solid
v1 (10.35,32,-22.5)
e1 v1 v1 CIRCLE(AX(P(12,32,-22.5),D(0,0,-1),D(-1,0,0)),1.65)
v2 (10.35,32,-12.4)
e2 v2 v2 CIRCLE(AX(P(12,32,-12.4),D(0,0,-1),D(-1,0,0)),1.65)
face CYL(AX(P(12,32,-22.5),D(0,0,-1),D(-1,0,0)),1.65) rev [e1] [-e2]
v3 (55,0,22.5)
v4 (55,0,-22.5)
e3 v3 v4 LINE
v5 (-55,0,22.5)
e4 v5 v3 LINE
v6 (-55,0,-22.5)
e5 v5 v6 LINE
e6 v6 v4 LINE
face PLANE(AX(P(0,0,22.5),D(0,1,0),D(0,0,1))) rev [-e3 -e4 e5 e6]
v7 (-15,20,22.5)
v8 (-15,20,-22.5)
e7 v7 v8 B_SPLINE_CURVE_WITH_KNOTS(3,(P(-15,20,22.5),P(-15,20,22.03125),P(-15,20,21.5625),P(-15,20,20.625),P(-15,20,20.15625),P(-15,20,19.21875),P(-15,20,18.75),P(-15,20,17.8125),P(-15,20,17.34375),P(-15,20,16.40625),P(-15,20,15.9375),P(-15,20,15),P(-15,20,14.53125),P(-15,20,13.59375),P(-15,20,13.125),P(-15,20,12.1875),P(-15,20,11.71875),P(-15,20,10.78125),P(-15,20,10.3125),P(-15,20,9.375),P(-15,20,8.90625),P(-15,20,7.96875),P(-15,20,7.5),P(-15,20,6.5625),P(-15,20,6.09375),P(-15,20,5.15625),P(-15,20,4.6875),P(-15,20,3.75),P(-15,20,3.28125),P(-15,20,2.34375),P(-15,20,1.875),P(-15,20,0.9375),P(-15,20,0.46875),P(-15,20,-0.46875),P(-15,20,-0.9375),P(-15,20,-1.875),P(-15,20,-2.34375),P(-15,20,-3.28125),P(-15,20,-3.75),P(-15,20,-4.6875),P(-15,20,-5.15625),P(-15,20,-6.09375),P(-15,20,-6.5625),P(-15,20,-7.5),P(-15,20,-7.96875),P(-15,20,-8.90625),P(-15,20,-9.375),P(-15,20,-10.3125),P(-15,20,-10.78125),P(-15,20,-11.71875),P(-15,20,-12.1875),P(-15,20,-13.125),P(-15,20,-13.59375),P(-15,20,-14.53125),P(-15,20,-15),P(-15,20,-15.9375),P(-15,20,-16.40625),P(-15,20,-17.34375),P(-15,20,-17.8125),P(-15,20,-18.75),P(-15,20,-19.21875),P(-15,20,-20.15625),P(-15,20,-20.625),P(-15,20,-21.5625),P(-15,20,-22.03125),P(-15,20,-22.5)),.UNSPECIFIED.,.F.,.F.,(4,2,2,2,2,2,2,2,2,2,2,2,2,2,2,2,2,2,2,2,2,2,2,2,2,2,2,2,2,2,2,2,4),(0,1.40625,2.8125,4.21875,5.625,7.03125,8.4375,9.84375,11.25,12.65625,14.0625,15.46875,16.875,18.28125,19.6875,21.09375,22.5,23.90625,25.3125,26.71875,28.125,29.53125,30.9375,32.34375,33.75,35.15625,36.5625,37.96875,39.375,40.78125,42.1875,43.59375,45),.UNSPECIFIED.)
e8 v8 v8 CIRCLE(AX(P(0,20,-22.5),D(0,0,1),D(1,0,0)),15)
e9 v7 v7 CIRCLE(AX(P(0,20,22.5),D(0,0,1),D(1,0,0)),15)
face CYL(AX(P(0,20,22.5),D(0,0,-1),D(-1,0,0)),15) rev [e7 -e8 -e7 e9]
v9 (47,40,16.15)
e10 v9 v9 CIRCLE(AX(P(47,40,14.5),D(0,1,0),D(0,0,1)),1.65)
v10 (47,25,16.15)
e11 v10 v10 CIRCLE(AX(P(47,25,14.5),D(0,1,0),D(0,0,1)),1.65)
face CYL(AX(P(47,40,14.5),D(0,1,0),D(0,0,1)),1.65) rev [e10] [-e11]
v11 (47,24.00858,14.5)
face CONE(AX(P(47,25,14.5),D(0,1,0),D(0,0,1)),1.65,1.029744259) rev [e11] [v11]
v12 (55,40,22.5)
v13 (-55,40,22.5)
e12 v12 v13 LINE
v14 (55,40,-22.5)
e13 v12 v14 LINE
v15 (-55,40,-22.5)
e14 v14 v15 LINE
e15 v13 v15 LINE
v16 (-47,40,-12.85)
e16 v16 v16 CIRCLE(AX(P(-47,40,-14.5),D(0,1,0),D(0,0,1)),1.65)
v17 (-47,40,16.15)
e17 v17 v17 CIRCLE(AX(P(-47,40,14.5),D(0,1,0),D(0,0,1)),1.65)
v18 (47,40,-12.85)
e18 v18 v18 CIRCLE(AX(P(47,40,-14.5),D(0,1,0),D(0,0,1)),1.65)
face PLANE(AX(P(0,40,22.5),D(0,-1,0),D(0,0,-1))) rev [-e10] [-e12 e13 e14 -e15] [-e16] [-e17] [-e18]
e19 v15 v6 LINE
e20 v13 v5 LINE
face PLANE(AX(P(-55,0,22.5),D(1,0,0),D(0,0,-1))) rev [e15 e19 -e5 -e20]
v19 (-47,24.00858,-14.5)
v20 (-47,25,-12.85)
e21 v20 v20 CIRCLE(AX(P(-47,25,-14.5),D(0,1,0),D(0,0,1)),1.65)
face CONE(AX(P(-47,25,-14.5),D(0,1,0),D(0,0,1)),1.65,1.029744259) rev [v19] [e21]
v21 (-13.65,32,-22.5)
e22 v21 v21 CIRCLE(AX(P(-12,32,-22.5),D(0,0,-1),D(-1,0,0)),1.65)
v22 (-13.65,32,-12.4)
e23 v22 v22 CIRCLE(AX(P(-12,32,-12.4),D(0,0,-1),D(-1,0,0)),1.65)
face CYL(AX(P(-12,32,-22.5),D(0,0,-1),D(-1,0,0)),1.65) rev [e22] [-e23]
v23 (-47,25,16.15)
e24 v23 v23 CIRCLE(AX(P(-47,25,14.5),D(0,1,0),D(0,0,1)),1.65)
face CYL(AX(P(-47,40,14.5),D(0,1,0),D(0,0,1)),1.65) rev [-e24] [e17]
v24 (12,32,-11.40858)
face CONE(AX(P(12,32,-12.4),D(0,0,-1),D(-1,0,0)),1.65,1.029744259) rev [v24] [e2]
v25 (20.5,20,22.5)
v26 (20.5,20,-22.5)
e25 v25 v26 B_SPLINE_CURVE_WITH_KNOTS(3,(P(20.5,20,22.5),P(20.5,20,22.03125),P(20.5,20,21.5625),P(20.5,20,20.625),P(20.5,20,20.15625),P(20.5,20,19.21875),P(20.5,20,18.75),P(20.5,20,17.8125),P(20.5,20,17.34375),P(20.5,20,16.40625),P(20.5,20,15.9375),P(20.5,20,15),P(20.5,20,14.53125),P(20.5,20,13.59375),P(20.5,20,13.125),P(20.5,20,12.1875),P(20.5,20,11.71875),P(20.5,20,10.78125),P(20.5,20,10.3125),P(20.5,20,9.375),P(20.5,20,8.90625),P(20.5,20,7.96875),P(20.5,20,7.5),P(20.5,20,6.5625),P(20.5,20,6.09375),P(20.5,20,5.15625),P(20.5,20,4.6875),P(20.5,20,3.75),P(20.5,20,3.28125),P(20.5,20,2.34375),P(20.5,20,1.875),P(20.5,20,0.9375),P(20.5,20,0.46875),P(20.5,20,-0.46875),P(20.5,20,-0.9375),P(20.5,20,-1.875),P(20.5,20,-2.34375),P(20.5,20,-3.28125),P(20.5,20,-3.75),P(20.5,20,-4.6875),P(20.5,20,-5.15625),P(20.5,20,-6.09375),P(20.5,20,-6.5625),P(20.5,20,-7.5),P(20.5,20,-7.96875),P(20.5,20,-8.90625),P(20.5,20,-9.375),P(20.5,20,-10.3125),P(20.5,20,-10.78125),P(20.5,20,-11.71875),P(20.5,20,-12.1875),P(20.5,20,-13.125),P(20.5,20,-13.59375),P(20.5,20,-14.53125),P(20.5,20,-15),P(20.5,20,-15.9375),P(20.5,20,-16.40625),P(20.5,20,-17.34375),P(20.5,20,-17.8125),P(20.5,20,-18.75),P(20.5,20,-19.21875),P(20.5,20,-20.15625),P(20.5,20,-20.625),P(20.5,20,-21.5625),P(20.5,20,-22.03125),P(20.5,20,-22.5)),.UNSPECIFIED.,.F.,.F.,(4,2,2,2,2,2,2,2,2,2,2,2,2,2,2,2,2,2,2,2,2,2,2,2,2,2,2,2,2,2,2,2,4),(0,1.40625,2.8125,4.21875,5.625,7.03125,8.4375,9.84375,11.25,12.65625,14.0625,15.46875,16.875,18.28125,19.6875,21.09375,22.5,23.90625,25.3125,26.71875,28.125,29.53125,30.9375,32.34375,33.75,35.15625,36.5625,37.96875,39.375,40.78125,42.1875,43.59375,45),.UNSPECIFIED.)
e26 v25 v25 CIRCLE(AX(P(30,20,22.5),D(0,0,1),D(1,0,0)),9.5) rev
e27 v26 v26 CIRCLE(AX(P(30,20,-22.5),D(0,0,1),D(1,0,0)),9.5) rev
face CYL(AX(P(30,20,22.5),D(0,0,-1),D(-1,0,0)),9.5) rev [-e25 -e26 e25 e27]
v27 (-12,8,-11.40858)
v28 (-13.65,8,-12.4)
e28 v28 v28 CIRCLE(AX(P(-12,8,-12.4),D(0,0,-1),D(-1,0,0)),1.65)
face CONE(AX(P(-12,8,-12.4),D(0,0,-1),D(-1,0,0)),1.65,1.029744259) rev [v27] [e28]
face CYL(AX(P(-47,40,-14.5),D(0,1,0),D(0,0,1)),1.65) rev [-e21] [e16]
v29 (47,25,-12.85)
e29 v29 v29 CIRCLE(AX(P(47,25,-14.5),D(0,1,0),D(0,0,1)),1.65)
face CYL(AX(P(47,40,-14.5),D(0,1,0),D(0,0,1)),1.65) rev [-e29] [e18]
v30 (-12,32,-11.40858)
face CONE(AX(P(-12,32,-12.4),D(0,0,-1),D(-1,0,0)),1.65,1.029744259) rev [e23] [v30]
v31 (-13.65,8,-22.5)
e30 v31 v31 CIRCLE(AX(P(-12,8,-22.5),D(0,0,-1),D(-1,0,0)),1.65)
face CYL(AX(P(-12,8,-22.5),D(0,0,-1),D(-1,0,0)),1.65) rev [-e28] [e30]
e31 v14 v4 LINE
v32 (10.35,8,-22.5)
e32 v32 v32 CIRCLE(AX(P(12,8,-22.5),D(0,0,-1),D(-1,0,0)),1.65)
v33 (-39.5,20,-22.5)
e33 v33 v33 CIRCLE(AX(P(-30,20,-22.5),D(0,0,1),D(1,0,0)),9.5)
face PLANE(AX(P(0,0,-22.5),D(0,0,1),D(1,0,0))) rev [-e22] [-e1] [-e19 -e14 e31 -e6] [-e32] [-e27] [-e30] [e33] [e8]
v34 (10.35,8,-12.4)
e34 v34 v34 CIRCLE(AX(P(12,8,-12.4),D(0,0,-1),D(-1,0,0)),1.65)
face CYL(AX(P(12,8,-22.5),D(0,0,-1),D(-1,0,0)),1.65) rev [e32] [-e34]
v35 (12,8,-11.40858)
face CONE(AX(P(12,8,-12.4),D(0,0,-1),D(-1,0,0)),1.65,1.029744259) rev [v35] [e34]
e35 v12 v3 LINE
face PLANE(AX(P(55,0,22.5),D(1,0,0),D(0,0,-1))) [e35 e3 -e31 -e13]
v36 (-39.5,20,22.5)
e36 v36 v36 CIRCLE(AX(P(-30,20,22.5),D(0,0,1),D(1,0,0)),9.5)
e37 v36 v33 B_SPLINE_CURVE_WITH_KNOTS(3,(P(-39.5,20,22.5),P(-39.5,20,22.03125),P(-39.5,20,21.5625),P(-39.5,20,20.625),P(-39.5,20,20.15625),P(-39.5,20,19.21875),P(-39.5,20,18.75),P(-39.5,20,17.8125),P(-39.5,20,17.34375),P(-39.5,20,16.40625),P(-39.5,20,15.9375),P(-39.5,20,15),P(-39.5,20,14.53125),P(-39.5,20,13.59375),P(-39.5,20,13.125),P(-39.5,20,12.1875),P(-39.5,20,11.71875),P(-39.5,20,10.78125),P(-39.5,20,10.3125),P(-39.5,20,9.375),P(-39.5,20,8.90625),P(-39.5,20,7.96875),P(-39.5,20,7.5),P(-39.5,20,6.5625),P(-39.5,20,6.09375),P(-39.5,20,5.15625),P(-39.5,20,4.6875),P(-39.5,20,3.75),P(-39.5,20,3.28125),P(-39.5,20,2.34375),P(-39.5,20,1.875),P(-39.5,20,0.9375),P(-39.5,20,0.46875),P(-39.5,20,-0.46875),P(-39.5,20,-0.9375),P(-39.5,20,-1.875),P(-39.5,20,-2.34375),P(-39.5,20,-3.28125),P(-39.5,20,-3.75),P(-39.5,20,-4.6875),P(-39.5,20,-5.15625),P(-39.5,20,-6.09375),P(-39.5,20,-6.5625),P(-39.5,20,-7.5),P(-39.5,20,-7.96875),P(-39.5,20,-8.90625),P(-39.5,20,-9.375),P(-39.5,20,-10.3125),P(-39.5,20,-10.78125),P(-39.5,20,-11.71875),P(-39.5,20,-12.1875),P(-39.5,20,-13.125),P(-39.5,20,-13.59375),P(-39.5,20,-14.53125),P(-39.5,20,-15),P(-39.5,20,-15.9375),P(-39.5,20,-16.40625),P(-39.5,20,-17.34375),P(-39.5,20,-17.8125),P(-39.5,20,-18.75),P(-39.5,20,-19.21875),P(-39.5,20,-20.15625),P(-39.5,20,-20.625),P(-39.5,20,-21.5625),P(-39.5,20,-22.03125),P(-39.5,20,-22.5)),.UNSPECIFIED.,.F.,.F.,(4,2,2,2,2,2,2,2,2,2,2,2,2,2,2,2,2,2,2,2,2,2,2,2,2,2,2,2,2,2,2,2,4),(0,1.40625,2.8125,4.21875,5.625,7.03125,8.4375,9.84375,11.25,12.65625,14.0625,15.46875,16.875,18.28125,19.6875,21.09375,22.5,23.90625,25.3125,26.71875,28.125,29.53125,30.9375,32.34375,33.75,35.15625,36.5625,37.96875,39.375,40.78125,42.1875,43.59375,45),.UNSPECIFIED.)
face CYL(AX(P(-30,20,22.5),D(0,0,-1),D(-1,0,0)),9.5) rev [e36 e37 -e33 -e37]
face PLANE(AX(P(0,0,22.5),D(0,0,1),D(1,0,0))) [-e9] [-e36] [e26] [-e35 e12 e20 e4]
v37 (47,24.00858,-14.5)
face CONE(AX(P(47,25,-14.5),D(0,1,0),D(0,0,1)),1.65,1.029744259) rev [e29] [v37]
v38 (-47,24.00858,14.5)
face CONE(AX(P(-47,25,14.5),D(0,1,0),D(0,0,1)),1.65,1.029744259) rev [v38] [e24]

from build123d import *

# Parameters (mm, degrees)
SKETCH1_R             = 9.5
BOSS_EXTRUDE1_DEPTH   = 22.5
M4_TAPPED_HOLE1_D     = 3.3
M4_TAPPED_HOLE1_DEPTH = 10.1
M4_TAPPED_HOLE1_TIP   = 0.991420021
M4_TAPPED_HOLE2_D     = 3.3
M4_TAPPED_HOLE2_DEPTH = 15
M4_TAPPED_HOLE2_TIP   = 0.991420021


with BuildPart() as part:
    # Sketch1 → Boss-Extrude1 (new, symmetric)
    # profile 1 of 2: a face of its own
    with BuildSketch(Plane.XY):
        with BuildLine():
            Line((-55, 0), (0, 0))
            Line((0, 0), (0, 5))
            ThreePointArc((0, 5), (-15, 20), (0, 35))
            Line((0, 35), (0, 40))
            Line((0, 40), (-45, 40))
            Line((-45, 40), (-55, 40))
            Line((-55, 40), (-55, 0))
        make_face()
        with Locations(Location((-30, 20, 0), (0, 0, 180))):
            Circle(SKETCH1_R, mode=Mode.SUBTRACT)
    # profile 2 of 2: a face of its own
    with BuildSketch(Plane.XY):
        with BuildLine():
            Line((0, 5), (0, 0))
            Line((0, 0), (55, 0))
            Line((55, 0), (55, 40))
            Line((55, 40), (45, 40))
            Line((45, 40), (0, 40))
            Line((0, 40), (0, 35))
            ThreePointArc((0, 35), (10.606601718, 30.606601718), (15, 20))
            ThreePointArc((15, 20), (10.606601718, 9.393398282), (0, 5))
        make_face()
        with Locations(Location((30, 20, 0), (0, 0, 180))):
            Circle(SKETCH1_R, mode=Mode.SUBTRACT)
    extrude(amount=BOSS_EXTRUDE1_DEPTH, both=True)

    # M4 Tapped Hole1
    with Locations(Plane(origin=(0, 0, -22.5), x_dir=(-1, 0, 0), z_dir=(0, 0, -1))):
        with Locations((12, 32), (-12, 32), (12, 8), (-12, 8)):
            Hole(M4_TAPPED_HOLE1_D / 2, depth=M4_TAPPED_HOLE1_DEPTH)
            with Locations((0, 0, -(M4_TAPPED_HOLE1_DEPTH + M4_TAPPED_HOLE1_TIP / 2))):  # 118° drill point
                Cone(0, M4_TAPPED_HOLE1_D / 2, M4_TAPPED_HOLE1_TIP, mode=Mode.SUBTRACT)

    # M4 Tapped Hole2
    with Locations(Plane(origin=(0, 40, 0), x_dir=(1, 0, 0), z_dir=(0, 1, 0))):
        with Locations((47, 14.5), (-47, 14.5), (-47, -14.5), (47, -14.5)):
            Hole(M4_TAPPED_HOLE2_D / 2, depth=M4_TAPPED_HOLE2_DEPTH)
            with Locations((0, 0, -(M4_TAPPED_HOLE2_DEPTH + M4_TAPPED_HOLE2_TIP / 2))):  # 118° drill point
                Cone(0, M4_TAPPED_HOLE2_D / 2, M4_TAPPED_HOLE2_TIP, mode=Mode.SUBTRACT)


solid = part.part
